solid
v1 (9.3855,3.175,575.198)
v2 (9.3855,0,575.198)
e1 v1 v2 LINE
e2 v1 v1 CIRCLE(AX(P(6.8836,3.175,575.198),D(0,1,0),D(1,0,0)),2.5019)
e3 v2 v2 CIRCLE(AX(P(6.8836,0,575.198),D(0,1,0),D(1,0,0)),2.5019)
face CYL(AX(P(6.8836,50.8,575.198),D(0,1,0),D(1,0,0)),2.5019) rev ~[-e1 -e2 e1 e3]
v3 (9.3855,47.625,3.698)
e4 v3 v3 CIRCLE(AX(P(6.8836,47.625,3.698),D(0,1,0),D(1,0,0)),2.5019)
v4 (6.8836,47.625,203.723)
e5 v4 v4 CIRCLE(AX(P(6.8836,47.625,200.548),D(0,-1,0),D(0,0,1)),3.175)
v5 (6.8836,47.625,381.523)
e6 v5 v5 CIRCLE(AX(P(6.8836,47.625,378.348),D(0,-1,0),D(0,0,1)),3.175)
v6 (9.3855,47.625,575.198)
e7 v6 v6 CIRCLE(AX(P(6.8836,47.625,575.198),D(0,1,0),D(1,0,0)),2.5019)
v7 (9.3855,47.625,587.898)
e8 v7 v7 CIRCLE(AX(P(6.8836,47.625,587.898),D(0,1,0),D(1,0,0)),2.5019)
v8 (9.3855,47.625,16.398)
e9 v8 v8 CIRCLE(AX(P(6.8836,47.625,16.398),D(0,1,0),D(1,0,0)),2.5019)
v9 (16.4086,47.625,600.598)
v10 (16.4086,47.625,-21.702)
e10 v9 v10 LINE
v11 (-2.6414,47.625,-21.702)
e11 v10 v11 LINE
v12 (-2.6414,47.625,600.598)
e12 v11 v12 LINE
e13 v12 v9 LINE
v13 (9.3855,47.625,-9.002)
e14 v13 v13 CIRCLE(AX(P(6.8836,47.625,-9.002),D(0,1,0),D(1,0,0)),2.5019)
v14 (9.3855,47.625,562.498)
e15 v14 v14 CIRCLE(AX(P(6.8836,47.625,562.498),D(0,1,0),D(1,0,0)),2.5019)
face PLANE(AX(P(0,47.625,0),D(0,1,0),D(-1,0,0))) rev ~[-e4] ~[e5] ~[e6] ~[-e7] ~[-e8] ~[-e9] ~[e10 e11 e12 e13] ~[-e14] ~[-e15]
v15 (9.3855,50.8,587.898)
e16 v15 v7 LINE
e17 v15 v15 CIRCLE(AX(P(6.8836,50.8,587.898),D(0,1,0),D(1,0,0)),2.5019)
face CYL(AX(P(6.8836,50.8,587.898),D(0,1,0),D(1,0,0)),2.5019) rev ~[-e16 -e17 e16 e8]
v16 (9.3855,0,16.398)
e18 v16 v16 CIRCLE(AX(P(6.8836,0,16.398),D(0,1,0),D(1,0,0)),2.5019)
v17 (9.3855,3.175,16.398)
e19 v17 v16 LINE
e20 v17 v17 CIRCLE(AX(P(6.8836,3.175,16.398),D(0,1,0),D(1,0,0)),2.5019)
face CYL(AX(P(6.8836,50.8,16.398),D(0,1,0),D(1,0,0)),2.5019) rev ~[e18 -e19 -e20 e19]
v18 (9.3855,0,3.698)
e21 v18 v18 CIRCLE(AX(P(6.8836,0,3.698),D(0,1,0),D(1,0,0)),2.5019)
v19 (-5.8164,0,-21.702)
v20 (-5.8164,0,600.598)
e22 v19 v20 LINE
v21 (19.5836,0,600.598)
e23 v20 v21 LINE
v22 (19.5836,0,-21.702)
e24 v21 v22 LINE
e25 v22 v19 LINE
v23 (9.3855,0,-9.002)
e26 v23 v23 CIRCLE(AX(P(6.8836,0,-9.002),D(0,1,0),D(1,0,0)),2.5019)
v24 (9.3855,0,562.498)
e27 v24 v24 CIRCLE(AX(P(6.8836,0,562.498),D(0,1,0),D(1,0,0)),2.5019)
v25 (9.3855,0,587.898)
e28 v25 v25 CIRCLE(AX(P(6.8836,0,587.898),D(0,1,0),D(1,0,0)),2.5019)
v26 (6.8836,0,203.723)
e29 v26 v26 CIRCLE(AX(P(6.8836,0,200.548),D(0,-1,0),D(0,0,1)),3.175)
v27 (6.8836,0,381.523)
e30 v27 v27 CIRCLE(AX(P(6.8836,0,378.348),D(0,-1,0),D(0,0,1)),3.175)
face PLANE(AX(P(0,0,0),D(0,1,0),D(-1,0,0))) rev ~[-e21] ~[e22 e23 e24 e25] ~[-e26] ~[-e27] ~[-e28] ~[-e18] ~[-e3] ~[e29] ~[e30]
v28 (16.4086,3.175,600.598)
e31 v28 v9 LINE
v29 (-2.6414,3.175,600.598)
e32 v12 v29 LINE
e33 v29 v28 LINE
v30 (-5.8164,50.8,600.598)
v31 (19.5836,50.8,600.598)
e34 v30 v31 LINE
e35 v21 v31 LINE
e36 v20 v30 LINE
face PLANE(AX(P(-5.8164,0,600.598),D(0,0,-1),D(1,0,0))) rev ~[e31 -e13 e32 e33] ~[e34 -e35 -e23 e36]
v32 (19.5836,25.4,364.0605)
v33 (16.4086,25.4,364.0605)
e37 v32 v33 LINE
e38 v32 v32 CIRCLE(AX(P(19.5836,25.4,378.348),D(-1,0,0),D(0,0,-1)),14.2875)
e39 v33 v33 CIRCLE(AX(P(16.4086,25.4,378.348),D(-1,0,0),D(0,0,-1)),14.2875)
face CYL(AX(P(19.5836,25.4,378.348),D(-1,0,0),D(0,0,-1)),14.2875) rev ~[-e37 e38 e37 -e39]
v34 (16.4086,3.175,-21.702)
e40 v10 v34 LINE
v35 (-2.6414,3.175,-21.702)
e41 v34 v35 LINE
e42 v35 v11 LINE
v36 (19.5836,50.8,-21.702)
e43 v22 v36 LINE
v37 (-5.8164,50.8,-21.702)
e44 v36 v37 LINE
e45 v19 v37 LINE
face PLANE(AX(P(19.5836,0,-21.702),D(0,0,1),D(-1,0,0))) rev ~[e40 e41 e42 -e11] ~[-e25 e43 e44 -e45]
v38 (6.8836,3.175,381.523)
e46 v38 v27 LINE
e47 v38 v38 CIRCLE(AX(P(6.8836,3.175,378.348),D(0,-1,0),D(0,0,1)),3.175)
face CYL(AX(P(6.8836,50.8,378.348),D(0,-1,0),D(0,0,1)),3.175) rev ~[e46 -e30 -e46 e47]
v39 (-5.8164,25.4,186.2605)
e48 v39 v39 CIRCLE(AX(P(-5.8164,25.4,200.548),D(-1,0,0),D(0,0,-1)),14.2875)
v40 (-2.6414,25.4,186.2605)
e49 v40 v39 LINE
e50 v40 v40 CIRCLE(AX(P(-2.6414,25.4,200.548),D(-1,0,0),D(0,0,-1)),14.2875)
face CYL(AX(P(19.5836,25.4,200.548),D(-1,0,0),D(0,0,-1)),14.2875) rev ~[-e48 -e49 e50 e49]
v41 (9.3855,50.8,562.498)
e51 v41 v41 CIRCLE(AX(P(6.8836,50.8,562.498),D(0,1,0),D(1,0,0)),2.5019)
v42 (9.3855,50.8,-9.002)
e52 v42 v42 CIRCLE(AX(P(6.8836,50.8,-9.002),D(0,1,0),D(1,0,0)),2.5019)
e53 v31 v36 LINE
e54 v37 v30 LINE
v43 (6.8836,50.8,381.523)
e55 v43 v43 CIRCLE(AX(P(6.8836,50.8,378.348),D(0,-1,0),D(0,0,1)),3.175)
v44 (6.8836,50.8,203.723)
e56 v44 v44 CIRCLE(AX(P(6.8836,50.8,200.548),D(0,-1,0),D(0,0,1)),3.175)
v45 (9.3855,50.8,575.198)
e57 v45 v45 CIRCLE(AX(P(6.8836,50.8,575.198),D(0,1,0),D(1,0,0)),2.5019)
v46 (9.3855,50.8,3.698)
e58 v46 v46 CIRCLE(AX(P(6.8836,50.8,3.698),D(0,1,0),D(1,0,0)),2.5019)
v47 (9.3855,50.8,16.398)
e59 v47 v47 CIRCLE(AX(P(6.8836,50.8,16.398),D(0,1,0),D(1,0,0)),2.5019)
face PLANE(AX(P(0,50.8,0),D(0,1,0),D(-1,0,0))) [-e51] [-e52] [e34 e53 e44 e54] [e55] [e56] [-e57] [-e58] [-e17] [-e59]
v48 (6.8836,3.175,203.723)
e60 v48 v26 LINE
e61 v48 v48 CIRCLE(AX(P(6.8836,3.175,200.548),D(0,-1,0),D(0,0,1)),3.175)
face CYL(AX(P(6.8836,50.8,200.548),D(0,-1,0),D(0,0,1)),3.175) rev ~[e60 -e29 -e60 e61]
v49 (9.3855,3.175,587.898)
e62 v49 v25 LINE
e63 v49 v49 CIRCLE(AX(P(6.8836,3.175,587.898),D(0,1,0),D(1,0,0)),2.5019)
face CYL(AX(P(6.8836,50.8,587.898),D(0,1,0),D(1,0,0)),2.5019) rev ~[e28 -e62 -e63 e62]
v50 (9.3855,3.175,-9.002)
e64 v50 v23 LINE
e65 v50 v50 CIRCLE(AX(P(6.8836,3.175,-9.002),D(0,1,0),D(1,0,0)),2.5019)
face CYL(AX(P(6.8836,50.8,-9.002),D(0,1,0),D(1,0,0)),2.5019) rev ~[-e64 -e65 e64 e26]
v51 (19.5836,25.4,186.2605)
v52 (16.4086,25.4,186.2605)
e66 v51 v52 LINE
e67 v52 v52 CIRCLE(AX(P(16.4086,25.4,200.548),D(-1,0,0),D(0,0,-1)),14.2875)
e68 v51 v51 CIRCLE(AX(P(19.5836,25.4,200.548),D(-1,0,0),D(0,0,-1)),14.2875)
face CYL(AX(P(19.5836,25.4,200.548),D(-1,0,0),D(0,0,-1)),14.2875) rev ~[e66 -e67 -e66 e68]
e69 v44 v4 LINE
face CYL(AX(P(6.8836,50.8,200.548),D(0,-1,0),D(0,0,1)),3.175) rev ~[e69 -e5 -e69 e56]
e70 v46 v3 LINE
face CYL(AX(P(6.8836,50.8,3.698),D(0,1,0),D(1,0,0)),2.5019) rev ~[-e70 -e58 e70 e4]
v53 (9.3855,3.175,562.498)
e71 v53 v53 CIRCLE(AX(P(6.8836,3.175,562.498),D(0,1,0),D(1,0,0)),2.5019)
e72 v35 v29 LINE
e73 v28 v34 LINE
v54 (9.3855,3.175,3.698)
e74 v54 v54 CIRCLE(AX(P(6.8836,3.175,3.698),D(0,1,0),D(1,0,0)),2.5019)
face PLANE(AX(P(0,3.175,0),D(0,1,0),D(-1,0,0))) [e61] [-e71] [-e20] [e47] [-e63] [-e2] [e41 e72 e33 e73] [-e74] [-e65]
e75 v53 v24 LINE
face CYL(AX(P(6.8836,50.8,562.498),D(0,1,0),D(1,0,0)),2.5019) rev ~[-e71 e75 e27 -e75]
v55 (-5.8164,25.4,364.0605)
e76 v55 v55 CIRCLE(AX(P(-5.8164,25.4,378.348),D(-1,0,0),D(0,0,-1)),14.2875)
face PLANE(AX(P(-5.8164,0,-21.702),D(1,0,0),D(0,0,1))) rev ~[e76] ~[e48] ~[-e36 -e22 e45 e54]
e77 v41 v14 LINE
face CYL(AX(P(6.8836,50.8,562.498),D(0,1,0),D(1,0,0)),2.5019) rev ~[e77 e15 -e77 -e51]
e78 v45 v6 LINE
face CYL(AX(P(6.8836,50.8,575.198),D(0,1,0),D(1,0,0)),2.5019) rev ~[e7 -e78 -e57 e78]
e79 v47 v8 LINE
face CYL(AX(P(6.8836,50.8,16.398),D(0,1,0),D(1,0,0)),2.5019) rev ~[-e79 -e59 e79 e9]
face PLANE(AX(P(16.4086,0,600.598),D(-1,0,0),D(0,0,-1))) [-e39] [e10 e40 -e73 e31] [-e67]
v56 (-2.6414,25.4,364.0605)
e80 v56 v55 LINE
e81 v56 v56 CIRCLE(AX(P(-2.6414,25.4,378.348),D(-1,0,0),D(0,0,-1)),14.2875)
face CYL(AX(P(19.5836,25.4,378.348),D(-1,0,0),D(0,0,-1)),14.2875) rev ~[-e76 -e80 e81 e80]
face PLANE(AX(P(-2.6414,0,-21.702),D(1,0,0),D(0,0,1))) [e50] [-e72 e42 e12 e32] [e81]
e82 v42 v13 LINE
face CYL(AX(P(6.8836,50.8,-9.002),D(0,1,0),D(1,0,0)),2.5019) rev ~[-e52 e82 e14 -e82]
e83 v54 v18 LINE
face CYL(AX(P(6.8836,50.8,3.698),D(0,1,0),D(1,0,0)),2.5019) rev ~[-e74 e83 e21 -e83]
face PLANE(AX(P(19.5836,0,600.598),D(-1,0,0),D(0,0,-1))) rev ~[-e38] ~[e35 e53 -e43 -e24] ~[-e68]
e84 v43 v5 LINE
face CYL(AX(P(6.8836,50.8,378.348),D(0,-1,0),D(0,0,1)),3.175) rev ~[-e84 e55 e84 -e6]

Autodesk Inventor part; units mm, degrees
ref_plane "YZ Plane" through (0, 0, 0) normal (1, 0, 0) x (0, 1, 0)
ref_plane "XZ Plane" through (0, 0, 0) normal (0, 1, 0) x (-1, 0, 0)
ref_plane "XY Plane" through (0, 0, 0) normal (0, 0, 1) x (1, 0, 0)
sketch "Sketch1" plane through (0, 0, 0) normal (0, 1, 0) x (-1, 0, 0)
  line L0 (5.8164, 600.598) -> (-19.5836, 600.598)
  line L1 (-19.5836, 600.598) -> (-19.5836, -21.702)
  line L2 (-19.5836, -21.702) -> (5.8164, -21.702)
  line L3 (5.8164, -21.702) -> (5.8164, 600.598)
  point P0 (0, 0)
  dimension "d0" = 25.4
  dimension "d1" = 622.3
extrude "Extrusion1" add sketch "Sketch1" along normal blind 50.8
shell "Shell1" thickness 3.175 removed faces 2 at (2.6503, 33.8667, 600.598) at (11.117, 33.8667, -21.702)
sketch "Sketch2" plane through (0, 50.8, 0) normal (0, 1, 0) x (1, 0, 0)
  circle A0 centre (6.8836, -587.898) radius 2.5019
  line L0 (-5.8164, -600.598) -> (19.5836, -600.598) projected
  circle A1 centre (6.8836, -575.198) radius 2.5019
  circle A2 centre (6.8836, -562.498) radius 2.5019
  circle A3 centre (6.8836, 9.002) radius 2.5019
  circle A4 centre (6.8836, -3.698) radius 2.5019
  circle A5 centre (6.8836, -16.398) radius 2.5019
  line L1 (19.5836, 21.702) -> (-5.8164, 21.702) projected
  point P0 (0, 0)
  dimension "d5" = 5.0038
  dimension "d6" = 12.7
  dimension "d7" = 5.0038
  dimension "d8" = 5.0038
  dimension "d9" = 12.7
  dimension "d10" = 12.7
  dimension "d11" = 5.0038
  dimension "d12" = 5.0038
  dimension "d13" = 5.0038
  dimension "d14" = 12.7
  dimension "d15" = 12.7
  dimension "d16" = 12.7
extrude "Extrusion2" cut sketch "Sketch2" against normal blind 50.8
sketch "Sketch3" plane through (19.5836, 0, 600.598) normal (1, 0, 0) x (0, 0, -1)
  line L0 (0, 0) -> (0, 50.8) construction
  line L1 (622.3, 0) -> (622.3, 50.8) construction
  circle A0 centre (222.25, 25.4) radius 14.2875
  circle A1 centre (400.05, 25.4) radius 14.2875
  point P0 (600.598, 0)
  dimension "d21" = 28.575
  dimension "d22" = 28.575
hole "Hole1" at (19.5836, 25.4, 378.348) at (19.5836, 25.4, 200.548) direction (-1, 0, 0) diameter 28.575 end through all
sketch "Sketch4" plane through (0, 50.8, 0) normal (0, 1, 0) x (1, 0, 0)
  circle A0 centre (6.8836, -378.348) radius 3.175
  line L0 (-5.8164, -600.598) -> (19.5836, -600.598) projected
  circle A1 centre (6.8836, -200.548) radius 3.175
  line L1 (19.5836, 21.702) -> (-5.8164, 21.702) projected
  point P0 (0, 0)
  point P1 (6.8836, -600.598)
  dimension "d30" = 6.35
  dimension "d31" = 222.25
  dimension "d32" = 6.35
  dimension "d33" = 222.25
hole "Hole2" at (6.8836, 50.8, 378.348) at (6.8836, 50.8, 200.548) direction (0, -1, 0) diameter 6.35 end through all
properties part number "middle_alum_swerve" material "Aluminum 6061"
